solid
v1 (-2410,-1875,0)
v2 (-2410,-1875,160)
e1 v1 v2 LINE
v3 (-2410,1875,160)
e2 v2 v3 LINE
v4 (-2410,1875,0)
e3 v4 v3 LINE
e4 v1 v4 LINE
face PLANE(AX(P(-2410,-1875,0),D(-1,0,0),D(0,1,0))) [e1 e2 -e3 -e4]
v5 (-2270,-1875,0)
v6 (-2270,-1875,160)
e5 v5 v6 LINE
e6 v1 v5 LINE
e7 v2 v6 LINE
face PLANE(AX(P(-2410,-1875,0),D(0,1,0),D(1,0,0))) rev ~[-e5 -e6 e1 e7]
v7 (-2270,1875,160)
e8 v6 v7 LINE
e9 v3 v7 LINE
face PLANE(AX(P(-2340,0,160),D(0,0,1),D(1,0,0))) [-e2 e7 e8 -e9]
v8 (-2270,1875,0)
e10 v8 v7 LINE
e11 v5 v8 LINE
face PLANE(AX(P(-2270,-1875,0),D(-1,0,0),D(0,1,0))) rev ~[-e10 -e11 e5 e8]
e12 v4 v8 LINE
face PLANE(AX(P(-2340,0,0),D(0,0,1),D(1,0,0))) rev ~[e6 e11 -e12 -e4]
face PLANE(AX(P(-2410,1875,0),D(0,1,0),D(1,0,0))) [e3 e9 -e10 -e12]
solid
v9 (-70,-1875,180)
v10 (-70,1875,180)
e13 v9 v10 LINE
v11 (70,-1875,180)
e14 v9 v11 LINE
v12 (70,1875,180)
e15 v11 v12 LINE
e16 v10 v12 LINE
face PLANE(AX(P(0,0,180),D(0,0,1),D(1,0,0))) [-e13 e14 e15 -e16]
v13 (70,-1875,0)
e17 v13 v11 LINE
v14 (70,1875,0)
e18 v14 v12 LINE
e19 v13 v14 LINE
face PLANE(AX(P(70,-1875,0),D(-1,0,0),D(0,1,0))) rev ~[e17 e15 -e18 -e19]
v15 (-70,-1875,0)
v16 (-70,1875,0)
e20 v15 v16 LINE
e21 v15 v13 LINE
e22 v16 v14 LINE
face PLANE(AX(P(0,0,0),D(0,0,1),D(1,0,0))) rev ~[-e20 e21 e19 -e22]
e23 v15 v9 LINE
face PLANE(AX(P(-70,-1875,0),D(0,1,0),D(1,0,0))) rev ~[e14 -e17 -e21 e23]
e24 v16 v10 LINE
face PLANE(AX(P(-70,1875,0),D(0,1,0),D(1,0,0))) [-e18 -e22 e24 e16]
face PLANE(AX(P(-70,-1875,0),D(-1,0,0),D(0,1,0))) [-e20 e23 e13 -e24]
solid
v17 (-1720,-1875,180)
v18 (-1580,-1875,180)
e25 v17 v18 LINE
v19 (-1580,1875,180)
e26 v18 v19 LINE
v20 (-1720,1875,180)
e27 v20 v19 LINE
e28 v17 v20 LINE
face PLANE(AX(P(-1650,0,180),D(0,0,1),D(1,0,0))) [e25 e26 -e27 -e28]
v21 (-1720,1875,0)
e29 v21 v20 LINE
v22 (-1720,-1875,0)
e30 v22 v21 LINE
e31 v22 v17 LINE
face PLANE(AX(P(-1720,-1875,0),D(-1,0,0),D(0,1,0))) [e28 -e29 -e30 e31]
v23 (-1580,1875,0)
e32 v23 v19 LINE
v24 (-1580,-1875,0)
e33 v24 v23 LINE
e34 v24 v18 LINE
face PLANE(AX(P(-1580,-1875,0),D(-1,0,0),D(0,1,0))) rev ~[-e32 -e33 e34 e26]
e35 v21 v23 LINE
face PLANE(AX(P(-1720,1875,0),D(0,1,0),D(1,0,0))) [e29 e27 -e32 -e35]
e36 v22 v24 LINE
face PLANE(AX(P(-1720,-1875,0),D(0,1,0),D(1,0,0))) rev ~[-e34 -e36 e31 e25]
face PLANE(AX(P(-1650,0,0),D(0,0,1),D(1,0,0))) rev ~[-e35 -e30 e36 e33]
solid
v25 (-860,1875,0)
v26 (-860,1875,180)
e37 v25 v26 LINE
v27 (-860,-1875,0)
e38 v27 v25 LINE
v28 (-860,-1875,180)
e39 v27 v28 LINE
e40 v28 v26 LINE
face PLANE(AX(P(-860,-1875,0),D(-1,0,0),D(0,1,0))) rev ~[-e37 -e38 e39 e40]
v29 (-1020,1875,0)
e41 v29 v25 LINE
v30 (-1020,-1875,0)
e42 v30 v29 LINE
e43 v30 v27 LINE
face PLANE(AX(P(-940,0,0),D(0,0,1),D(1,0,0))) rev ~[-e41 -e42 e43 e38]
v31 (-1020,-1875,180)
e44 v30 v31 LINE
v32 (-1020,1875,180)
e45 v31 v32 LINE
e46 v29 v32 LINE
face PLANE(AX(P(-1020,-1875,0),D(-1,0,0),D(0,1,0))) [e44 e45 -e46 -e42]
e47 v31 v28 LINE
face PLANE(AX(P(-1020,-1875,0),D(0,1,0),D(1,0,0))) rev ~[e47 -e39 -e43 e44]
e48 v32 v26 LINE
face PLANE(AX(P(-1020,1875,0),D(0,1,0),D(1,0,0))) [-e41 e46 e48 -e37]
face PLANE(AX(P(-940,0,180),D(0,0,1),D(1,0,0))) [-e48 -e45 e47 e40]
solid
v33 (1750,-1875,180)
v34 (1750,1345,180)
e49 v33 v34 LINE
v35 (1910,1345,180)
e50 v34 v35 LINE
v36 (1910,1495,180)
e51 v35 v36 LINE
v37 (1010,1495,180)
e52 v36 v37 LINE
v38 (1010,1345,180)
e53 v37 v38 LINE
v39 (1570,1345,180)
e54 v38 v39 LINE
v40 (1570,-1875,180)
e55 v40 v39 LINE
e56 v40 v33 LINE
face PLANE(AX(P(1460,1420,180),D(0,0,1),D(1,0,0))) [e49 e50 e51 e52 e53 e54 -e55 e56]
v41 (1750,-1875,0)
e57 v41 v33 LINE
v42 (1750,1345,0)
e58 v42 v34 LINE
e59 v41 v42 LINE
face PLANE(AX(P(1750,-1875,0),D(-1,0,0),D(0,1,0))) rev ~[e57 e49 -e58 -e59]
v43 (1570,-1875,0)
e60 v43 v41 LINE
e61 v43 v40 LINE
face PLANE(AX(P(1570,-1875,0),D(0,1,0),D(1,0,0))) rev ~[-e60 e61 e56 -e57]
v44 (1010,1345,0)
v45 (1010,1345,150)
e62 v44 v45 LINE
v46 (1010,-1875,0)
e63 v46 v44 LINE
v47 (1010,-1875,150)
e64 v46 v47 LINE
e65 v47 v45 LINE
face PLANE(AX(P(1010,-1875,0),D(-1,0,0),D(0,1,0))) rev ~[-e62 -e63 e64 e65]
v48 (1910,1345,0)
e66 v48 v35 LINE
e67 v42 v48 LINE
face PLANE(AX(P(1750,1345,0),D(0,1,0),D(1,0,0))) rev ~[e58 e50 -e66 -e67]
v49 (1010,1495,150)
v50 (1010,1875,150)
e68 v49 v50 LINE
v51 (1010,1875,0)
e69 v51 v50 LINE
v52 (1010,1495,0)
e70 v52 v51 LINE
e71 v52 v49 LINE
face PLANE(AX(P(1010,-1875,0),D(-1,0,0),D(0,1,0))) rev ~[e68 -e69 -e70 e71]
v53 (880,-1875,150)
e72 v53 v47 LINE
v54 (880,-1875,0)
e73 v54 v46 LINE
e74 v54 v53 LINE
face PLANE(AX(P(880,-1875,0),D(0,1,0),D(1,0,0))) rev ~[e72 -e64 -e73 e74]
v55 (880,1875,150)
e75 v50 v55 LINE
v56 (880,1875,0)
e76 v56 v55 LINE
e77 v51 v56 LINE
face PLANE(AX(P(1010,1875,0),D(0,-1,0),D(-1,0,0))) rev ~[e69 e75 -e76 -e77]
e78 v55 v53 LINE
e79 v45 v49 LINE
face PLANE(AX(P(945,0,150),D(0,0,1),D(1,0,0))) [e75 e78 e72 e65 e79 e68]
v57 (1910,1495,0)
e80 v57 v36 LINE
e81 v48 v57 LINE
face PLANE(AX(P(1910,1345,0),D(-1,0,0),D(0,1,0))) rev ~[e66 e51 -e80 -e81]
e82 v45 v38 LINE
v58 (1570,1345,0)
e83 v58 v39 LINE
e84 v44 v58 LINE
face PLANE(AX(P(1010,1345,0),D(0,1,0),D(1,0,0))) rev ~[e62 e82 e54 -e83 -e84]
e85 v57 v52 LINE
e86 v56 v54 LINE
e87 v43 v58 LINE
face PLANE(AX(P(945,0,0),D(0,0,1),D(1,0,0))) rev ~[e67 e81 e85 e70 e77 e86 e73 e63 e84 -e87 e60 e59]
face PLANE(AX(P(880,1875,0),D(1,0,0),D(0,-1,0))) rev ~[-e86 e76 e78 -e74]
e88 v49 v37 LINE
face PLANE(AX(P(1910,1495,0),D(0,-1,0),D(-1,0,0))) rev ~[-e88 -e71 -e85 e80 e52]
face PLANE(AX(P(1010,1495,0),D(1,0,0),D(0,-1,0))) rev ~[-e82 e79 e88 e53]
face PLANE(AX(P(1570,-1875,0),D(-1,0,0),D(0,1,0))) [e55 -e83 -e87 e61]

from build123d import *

# Parameters (mm, degrees)
F0_W     = 180
F0_H     = 3220
F0_W_2   = 140
F0_H_2   = 3750
F0_W_3   = 160
F1_DEPTH = 180
F2_DEPTH = 150
F3_DEPTH = 160


with BuildPart() as f1:
    # F0 (on Top) → F1 (new body)
    with BuildSketch(Plane.XY):
        Polygon((1910, 1495), (1010, 1495), (1010, 1345), (1570, 1345), (1750, 1345), (1910, 1345), align=None)
        with Locations((1660, -265)):
            Rectangle(F0_W, F0_H)
        Rectangle(F0_W_2, F0_H_2)
        with Locations((-940, 0)):
            Rectangle(F0_W_3, F0_H_2)
        with Locations((-1650, 0)):
            Rectangle(F0_W_2, F0_H_2)
    extrude(amount=F1_DEPTH)

    # F0 (on Top) → F2 (join)
    with BuildSketch(Plane.XY):
        Polygon((1010, 1875), (880, 1875), (880, -1875), (1010, -1875), (1010, 1345), (1010, 1495), align=None)
    extrude(amount=F2_DEPTH)


with BuildPart() as f3:
    # F0 (on Top) → F3 (new body)
    with BuildSketch(Plane.XY):
        with Locations((-2340, 0)):
            Rectangle(F0_W_2, F0_H_2)
    extrude(amount=F3_DEPTH)


solid = Compound([f1.part, f3.part])
